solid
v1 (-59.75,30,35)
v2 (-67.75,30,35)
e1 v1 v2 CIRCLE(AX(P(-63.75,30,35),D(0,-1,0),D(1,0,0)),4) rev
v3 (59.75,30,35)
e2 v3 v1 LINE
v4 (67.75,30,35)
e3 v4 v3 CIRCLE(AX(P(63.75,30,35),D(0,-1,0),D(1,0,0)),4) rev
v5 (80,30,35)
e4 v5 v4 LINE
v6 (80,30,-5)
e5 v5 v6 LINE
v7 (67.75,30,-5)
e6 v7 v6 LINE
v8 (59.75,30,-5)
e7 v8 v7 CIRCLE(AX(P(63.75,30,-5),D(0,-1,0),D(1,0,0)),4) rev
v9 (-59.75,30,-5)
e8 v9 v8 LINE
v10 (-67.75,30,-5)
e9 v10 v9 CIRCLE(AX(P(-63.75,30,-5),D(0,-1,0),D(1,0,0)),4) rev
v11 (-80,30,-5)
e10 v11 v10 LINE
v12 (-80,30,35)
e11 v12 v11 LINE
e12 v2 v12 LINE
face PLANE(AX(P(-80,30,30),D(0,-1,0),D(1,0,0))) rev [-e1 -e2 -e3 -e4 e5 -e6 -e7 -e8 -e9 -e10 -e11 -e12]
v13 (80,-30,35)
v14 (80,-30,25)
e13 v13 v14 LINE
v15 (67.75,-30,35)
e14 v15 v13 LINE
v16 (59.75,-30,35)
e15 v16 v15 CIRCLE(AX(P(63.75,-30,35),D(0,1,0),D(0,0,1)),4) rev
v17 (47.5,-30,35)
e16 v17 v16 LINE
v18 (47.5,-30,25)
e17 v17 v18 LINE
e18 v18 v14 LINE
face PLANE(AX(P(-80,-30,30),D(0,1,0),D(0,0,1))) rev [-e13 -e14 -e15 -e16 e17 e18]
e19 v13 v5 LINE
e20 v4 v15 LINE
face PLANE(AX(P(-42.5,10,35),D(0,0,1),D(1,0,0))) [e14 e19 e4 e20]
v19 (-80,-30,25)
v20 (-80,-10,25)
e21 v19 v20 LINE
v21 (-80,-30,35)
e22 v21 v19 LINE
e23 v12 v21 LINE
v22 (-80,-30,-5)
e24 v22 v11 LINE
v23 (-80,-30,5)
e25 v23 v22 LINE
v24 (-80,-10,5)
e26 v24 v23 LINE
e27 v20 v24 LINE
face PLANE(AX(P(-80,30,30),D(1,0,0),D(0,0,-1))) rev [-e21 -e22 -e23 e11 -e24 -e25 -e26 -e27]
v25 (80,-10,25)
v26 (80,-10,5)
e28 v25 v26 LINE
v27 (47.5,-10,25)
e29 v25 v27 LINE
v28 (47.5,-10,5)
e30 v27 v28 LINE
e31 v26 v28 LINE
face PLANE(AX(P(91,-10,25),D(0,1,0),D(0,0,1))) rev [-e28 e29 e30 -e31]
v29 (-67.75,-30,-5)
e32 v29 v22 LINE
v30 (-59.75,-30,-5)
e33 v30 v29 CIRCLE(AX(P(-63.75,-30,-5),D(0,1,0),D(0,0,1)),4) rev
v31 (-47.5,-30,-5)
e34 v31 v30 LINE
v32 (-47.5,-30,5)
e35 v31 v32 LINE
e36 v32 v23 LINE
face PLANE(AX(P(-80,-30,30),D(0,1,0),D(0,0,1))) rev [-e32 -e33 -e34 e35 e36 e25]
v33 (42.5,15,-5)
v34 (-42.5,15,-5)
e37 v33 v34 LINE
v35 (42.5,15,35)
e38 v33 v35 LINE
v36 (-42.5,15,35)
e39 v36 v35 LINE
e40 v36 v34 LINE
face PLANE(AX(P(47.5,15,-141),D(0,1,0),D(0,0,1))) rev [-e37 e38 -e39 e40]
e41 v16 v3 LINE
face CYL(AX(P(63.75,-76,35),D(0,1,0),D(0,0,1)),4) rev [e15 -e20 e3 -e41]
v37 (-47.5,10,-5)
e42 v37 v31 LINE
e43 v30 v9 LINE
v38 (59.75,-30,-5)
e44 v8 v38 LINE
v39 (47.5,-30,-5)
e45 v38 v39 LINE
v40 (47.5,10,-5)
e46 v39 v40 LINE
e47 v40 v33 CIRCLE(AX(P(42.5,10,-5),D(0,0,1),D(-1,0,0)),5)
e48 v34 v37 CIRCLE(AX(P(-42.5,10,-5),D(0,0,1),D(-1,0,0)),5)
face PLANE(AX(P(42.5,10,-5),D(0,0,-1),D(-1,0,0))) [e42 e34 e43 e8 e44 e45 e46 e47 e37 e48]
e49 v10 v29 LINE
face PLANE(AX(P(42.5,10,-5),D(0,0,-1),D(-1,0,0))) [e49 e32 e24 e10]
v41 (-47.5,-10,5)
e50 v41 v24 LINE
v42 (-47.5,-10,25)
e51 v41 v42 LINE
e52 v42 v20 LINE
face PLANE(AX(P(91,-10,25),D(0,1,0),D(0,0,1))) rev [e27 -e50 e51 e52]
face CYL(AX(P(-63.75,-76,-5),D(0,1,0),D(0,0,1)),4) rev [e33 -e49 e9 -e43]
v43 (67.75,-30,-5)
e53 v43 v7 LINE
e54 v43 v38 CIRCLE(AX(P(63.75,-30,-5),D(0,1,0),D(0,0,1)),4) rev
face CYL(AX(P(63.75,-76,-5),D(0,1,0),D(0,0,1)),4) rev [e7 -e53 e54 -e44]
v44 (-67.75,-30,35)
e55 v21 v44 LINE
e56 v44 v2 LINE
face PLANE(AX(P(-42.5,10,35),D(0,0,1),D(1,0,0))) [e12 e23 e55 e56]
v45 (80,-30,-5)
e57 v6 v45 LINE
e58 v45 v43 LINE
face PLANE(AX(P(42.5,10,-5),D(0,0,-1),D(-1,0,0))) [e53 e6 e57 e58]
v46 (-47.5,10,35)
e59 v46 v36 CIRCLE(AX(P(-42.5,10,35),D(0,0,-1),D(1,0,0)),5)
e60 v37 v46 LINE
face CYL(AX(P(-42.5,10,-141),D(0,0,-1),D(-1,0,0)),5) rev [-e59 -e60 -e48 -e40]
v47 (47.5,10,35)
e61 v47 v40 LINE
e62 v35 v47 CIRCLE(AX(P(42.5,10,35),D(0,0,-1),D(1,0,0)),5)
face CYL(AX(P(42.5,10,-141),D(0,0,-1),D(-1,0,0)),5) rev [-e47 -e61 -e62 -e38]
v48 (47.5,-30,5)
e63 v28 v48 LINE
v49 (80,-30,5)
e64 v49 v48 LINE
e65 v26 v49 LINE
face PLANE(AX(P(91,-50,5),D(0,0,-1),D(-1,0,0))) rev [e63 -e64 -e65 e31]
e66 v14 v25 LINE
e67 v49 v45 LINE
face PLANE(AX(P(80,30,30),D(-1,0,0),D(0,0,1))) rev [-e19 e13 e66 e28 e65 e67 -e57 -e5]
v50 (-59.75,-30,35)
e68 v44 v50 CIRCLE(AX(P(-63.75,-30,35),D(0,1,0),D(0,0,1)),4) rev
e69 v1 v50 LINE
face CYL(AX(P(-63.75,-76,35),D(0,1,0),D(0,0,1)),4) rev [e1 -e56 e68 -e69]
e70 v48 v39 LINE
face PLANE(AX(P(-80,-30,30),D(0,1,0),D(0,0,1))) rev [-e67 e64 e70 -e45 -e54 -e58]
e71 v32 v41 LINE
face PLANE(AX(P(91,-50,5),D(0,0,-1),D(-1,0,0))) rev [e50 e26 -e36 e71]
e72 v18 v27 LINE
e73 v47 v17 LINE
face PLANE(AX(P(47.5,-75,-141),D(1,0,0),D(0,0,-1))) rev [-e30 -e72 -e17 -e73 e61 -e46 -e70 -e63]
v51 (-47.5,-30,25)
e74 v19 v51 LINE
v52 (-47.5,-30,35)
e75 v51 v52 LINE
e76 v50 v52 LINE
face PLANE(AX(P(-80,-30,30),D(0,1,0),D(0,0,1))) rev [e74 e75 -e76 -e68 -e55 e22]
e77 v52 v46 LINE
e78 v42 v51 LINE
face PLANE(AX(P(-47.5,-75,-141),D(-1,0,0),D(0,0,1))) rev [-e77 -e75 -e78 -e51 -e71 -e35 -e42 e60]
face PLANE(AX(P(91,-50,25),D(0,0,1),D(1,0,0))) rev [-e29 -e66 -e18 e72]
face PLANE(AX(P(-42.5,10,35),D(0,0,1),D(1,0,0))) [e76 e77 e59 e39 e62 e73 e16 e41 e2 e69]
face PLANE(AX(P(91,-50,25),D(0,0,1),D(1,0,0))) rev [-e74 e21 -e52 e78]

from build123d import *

# Parameters (mm, degrees)
SKETCH_1_W               = 160
SKETCH_1_H               = 60
EXTRUDE_1_DEPTH          = 30
SKETCH_2_W               = 20
SKETCH_2_H               = 40
CUT_EXTRUDE_1_DEPTH      = 171
SKETCH_3_W               = 95
SKETCH_3_H               = 90
CUT_EXTRUDE_2_DEPTH      = 171
FILLET_1_R               = 5
EXTRUDE_2_DEPTH          = 5
EXTRUDE_START            = 5
EXTRUDE_3_DEPTH          = 5
CUT_EXTRUDE_3_DEPTH      = 91
CUT_EXTRUDE_3_DEPTH_BACK = 33
SKETCH_6_R               = 4


with BuildPart() as part:
    # 草图1 → 凸台-拉伸1 (new body)
    with BuildSketch(Plane.XY):
        Rectangle(SKETCH_1_W, SKETCH_1_H)
    extrude(amount=EXTRUDE_1_DEPTH)

    # 草图2 → 切除-拉伸1 (cut)
    with BuildSketch(Plane.ZY.offset(80)):
        with Locations((15, -30)):
            Rectangle(SKETCH_2_W, SKETCH_2_H)
    extrude(amount=-CUT_EXTRUDE_1_DEPTH, mode=Mode.SUBTRACT)

    # 草图3 → 切除-拉伸2 (cut)
    with BuildSketch(Plane.XY.offset(30)):
        with Locations((0, -30)):
            Rectangle(SKETCH_3_W, SKETCH_3_H)
    extrude(amount=-CUT_EXTRUDE_2_DEPTH, mode=Mode.SUBTRACT)

    # 圆角1
    fillet_1_edges = [part.edges().sort_by_distance(p)[0] for p in [
        (-47.5, 15, 15),
        (47.5, 15, 15),
    ]]
    fillet(fillet_1_edges, radius=FILLET_1_R)

    # 草图4 → 凸台-拉伸2 (add)
    with BuildSketch(Plane.XY.offset(30)):
        with BuildLine():
            Line((-47.5, -30), (-47.5, 10))
            ThreePointArc((-47.5, 10), (-46.035533906, 13.535533906), (-42.5, 15))
            Line((-42.5, 15), (42.5, 15))
            ThreePointArc((42.5, 15), (46.035533906, 13.535533906), (47.5, 10))
            Line((47.5, 10), (47.5, -30))
            Line((47.5, -30), (80, -30))
            Line((80, -30), (80, 30))
            Line((80, 30), (-80, 30))
            Line((-80, 30), (-80, -30))
            Line((-80, -30), (-47.5, -30))
        make_face()
    extrude(amount=EXTRUDE_2_DEPTH)

    # 草图5 → 凸台-拉伸3 (add)
    with BuildSketch(Plane(origin=(0, 0, 0), x_dir=(-1, 0, 0), z_dir=(0, 0, -1)).offset(EXTRUDE_START)):
        with BuildLine():
            Line((-47.5, -30), (-47.5, 10))
            ThreePointArc((-47.5, 10), (-46.035533906, 13.535533906), (-42.5, 15))
            Line((-42.5, 15), (42.5, 15))
            ThreePointArc((42.5, 15), (46.035533906, 13.535533906), (47.5, 10))
            Line((47.5, 10), (47.5, -30))
            Line((47.5, -30), (80, -30))
            Line((80, -30), (80, 30))
            Line((80, 30), (-80, 30))
            Line((-80, 30), (-80, -30))
            Line((-80, -30), (-47.5, -30))
        make_face()
    extrude(amount=-EXTRUDE_3_DEPTH)

    # 草图6 → 切除-拉伸3 (cut, two sides: drawn at the far end of the back side and taken through both)
    with BuildSketch(Plane.XZ.offset(-15).offset(-CUT_EXTRUDE_3_DEPTH_BACK)):
        with Locations((-63.75, 35)):
            Circle(SKETCH_6_R)
        with Locations((-63.75, -5)):
            Circle(SKETCH_6_R)
        with Locations((63.75, -5)):
            Circle(SKETCH_6_R)
        with Locations((63.75, 35)):
            Circle(SKETCH_6_R)
    extrude(amount=CUT_EXTRUDE_3_DEPTH + CUT_EXTRUDE_3_DEPTH_BACK, mode=Mode.SUBTRACT)


solid = part.part
